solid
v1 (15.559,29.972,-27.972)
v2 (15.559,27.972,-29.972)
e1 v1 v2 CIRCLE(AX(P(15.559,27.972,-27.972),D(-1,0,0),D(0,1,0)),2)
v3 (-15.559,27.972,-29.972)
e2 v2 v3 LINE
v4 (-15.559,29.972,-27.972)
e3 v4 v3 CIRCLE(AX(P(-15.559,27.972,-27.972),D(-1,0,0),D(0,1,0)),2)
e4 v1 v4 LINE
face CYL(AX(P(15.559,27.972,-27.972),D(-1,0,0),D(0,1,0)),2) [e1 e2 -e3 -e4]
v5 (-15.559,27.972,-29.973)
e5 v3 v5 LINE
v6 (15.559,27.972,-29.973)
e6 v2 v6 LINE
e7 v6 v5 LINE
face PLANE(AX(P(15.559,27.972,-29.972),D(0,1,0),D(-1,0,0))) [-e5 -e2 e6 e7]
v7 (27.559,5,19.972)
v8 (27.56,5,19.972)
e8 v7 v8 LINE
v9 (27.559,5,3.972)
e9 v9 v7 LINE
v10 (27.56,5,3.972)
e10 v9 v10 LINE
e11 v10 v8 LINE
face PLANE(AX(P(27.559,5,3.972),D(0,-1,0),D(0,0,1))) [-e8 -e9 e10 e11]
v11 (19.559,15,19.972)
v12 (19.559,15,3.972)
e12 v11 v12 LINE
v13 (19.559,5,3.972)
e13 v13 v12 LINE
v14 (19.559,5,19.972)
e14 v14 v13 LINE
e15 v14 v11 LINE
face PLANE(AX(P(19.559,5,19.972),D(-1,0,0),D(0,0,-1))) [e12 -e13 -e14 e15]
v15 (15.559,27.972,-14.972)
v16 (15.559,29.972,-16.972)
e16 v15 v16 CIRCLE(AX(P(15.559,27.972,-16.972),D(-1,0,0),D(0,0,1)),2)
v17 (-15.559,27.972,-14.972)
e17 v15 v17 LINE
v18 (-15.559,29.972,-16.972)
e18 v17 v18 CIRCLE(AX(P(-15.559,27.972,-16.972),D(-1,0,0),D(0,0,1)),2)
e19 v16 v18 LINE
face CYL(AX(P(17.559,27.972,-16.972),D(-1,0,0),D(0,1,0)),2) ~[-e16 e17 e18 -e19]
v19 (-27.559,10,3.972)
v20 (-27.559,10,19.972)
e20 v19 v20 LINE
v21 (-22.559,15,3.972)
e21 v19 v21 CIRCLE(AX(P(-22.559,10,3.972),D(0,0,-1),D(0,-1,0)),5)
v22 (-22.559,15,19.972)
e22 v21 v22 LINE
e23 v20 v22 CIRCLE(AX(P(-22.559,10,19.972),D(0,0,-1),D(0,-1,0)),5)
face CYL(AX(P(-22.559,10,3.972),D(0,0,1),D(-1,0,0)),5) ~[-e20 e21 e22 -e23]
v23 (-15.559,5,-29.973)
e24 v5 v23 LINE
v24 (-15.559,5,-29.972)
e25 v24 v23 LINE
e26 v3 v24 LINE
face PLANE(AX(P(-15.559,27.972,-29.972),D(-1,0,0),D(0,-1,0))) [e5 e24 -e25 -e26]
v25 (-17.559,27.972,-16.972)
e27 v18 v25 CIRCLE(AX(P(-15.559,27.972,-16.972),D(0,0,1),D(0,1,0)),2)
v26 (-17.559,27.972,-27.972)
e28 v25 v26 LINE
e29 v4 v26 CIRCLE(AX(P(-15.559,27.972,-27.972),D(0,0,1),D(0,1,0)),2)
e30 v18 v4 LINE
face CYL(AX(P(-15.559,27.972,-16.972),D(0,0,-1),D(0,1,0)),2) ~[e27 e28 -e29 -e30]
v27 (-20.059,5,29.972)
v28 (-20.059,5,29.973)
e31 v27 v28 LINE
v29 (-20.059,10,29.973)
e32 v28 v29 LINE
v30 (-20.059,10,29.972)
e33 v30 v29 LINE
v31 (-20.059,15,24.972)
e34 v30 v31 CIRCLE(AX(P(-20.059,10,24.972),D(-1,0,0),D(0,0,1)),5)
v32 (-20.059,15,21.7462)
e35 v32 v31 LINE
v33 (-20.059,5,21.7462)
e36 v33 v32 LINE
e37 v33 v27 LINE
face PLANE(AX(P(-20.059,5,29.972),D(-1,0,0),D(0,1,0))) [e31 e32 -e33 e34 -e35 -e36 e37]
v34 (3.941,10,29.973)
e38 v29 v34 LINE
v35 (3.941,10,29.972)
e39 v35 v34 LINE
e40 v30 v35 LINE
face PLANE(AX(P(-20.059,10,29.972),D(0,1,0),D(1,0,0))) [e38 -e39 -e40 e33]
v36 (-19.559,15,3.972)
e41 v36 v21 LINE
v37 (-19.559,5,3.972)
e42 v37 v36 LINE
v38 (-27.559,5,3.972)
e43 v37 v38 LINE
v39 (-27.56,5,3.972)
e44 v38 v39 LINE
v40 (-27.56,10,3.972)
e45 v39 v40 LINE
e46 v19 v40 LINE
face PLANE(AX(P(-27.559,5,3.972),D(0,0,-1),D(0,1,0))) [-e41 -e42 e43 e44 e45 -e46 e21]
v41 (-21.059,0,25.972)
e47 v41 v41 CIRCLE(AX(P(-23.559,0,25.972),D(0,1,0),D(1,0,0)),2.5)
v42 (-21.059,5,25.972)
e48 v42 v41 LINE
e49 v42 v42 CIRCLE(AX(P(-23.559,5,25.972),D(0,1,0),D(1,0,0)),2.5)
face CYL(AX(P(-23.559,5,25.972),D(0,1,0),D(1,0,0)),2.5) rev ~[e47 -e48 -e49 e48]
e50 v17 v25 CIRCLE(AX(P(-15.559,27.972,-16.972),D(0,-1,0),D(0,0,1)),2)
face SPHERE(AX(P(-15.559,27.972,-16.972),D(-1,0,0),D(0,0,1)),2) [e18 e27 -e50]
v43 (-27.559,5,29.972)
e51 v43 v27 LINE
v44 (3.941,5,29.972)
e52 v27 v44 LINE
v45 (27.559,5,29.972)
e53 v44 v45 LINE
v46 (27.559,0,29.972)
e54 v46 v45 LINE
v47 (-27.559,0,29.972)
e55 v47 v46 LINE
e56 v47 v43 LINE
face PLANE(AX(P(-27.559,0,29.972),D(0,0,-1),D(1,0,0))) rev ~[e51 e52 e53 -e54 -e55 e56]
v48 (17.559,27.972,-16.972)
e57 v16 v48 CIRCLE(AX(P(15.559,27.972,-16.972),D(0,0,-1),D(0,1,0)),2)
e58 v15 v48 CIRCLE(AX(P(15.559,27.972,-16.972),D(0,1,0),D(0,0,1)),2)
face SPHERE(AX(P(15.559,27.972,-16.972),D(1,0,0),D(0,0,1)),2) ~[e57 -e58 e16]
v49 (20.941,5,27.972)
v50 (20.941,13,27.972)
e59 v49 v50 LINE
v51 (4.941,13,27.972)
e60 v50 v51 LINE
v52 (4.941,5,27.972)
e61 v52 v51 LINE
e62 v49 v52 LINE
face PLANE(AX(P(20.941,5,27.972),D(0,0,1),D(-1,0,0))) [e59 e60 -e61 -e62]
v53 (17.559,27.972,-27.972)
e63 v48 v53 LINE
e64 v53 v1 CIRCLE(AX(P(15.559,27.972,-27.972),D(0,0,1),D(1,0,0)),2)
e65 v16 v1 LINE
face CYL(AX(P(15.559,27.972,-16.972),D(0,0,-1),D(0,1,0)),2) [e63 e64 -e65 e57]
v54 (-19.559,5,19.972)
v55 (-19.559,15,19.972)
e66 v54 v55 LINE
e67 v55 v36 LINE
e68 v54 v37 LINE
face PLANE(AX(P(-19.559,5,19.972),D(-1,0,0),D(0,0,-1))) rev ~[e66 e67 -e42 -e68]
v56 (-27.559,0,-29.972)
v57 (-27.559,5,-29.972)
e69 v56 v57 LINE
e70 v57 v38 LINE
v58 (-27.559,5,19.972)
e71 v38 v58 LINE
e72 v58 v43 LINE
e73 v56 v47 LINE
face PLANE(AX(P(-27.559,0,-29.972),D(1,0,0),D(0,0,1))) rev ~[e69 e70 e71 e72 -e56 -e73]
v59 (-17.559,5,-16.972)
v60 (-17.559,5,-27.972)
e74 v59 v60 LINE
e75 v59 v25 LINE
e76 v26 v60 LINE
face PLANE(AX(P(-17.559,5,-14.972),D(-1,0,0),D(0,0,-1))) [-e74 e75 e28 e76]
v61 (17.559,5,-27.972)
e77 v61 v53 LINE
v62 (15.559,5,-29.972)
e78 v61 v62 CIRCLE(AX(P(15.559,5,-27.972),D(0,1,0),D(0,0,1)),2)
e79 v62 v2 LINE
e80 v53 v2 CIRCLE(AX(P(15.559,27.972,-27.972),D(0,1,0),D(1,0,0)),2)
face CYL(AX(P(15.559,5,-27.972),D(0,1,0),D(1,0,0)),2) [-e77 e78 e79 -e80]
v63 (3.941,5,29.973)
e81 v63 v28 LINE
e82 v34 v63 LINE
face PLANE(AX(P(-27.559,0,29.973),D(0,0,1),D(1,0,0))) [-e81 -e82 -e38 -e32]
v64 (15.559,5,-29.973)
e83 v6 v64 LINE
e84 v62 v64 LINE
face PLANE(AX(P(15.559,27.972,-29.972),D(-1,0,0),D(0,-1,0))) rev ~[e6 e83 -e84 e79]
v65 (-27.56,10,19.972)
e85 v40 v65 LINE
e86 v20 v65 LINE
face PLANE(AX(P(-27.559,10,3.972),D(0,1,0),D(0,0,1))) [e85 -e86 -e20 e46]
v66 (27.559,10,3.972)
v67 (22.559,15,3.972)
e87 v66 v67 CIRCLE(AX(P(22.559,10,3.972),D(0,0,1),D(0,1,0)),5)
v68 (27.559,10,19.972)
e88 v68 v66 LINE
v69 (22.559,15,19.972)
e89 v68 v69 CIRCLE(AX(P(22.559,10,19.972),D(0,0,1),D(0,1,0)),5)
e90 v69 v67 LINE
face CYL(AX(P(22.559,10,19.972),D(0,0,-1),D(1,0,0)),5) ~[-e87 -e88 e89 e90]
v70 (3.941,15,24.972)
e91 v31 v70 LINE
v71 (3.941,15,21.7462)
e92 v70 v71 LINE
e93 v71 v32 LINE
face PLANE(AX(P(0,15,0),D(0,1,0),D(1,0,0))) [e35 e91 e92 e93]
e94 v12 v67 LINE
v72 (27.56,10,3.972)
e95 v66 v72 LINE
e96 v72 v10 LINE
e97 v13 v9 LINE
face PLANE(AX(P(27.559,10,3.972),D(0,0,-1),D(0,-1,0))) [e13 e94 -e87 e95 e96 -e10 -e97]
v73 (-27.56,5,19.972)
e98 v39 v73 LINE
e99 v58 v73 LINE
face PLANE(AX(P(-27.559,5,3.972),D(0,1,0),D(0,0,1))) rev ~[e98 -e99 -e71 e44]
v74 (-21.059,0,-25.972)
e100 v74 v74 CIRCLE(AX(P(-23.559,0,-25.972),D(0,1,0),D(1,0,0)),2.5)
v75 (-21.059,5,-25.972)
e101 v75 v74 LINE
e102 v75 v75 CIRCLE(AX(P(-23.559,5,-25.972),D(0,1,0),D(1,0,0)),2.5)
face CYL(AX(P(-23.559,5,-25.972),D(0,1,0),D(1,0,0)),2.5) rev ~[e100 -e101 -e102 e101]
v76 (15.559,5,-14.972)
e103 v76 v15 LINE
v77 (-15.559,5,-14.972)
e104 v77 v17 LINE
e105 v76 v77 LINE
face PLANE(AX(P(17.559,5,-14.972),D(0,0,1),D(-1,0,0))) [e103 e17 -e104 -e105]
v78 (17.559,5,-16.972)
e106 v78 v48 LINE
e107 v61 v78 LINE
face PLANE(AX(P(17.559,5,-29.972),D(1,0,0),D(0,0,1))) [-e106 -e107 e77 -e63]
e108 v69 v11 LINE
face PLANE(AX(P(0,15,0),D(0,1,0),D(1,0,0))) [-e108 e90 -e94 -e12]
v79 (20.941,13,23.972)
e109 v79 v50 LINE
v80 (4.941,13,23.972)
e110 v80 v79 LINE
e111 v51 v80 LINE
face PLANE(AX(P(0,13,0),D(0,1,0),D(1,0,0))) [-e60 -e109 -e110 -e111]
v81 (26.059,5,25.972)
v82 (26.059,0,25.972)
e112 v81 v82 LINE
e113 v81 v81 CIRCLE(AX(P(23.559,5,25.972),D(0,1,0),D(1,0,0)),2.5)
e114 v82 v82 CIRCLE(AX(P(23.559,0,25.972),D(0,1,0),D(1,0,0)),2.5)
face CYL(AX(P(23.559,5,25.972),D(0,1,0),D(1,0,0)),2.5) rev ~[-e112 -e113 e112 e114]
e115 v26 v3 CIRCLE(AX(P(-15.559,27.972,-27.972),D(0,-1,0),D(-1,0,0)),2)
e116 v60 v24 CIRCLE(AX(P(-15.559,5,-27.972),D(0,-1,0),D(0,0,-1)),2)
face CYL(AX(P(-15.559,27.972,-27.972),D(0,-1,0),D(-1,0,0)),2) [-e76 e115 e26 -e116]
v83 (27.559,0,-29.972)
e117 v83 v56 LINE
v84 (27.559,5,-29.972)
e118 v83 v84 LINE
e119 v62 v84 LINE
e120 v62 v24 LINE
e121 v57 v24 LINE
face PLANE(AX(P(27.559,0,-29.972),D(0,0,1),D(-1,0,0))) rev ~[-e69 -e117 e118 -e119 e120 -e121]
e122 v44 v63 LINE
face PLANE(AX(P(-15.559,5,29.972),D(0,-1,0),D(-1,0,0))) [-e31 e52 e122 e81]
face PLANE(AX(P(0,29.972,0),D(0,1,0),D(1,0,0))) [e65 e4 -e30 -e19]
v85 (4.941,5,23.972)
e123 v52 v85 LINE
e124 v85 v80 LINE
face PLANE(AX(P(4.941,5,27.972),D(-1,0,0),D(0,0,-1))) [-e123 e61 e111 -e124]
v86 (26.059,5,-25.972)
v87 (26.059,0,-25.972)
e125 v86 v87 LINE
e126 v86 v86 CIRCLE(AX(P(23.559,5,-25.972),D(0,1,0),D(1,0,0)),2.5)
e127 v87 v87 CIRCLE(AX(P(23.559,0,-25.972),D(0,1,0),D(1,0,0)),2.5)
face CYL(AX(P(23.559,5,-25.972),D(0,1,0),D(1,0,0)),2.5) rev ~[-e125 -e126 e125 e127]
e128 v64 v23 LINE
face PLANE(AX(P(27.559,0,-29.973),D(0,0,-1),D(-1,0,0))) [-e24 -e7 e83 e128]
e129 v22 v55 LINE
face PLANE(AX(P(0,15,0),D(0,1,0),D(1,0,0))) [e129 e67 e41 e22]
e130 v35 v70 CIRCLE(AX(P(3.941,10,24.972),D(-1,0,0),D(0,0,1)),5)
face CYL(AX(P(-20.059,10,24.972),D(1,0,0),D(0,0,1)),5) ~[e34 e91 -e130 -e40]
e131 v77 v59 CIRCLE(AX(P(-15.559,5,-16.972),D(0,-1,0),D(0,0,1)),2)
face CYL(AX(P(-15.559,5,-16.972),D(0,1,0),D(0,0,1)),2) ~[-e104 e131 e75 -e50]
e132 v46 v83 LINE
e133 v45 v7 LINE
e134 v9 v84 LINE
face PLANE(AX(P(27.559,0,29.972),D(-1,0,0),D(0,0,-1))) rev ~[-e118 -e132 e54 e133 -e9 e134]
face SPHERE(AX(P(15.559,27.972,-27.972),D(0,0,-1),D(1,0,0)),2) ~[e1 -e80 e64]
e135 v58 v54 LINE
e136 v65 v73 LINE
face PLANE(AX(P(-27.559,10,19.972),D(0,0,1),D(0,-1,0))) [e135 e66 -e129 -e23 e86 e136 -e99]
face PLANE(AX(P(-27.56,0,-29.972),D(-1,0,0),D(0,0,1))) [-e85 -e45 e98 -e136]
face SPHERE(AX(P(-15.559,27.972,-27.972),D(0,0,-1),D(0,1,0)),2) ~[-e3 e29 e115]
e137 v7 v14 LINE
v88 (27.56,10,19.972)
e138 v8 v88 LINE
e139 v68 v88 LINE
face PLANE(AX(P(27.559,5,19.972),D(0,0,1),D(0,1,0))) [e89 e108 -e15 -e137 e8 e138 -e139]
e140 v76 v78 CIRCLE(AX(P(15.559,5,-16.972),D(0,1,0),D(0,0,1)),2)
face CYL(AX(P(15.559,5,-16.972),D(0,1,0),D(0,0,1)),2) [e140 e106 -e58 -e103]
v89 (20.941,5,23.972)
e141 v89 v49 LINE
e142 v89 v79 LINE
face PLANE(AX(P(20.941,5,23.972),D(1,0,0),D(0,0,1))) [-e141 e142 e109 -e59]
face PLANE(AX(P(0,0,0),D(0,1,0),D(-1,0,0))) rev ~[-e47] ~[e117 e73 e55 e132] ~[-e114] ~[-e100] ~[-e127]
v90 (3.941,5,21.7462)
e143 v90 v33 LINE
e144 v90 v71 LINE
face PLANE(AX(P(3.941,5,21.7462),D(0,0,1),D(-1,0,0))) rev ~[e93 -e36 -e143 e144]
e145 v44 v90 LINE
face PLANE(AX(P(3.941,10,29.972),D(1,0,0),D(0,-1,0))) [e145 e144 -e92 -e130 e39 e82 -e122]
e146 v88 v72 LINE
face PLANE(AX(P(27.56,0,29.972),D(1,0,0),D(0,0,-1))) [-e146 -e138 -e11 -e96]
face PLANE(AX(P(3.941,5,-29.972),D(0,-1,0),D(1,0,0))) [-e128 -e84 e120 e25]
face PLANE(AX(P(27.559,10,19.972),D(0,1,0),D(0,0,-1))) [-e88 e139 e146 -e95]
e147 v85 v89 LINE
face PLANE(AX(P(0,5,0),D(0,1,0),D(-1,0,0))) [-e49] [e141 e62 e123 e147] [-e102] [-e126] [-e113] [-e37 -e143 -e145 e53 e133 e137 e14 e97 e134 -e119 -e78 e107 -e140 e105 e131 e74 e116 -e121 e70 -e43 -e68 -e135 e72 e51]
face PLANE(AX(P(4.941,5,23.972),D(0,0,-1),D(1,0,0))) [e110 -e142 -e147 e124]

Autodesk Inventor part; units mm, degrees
ref_plane "YZ Plane" through (0, 0, 0) normal (1, 0, 0) x (0, 1, 0)
ref_plane "XZ Plane" through (0, 0, 0) normal (0, 1, 0) x (-1, 0, 0)
ref_plane "XY Plane" through (0, 0, 0) normal (0, 0, 1) x (1, 0, 0)
sketch "Boceto1" plane through (0, 0, 0) normal (0, 1, 0) x (-1, 0, 0)
  line L0 (27.559, 29.972) -> (-27.559, 29.972)
  line L1 (-27.559, 29.972) -> (-27.559, -29.972)
  line L2 (-27.559, -29.972) -> (27.559, -29.972)
  line L3 (27.559, -29.972) -> (27.559, 29.972)
  point P0 (0, 0)
  point P1 (0, -29.972)
  point P2 (0, 29.972)
  dimension "d0" = 59.944
  dimension "d1" = 55.118
  dimension "d44" = 29.972
  dimension "d45" = 27.559
extrude "Extrusión1" add sketch "Boceto1" along normal blind 5
sketch "Boceto2" plane through (0, 5, 0) normal (0, 1, 0) x (1, 0, 0)
  line L0 (27.559, 29.972) -> (-27.559, 29.972) projected
  line L1 (-17.559, 29.972) -> (17.559, 29.972)
  line L2 (17.559, 29.972) -> (17.559, 14.972)
  line L3 (17.559, 14.972) -> (-17.559, 14.972)
  line L4 (-17.559, 14.972) -> (-17.559, 29.972)
  line L5 (-27.559, 29.972) -> (-27.559, -29.972) projected
  line L6 (27.559, -29.972) -> (27.559, 29.972) projected
  point P0 (0, 0)
  point P1 (17.559, 22.472)
  point P2 (17.559, 29.972)
  dimension "d4" = 10
  dimension "d5" = 10
  dimension "d6" = 15
extrude "Extrusión2" add sketch "Boceto2" along normal blind 24.972
sketch "Boceto3" plane through (0, 5, 0) normal (0, 1, 0) x (1, 0, 0)
  line L0 (-27.559, -29.972) -> (27.559, -29.972) projected
  line L1 (-20.059, -29.972) -> (3.941, -29.972)
  line L2 (3.941, -29.972) -> (3.941, -21.7462)
  line L3 (3.941, -21.7462) -> (-20.059, -21.7462)
  line L4 (-20.059, -21.7462) -> (-20.059, -29.972)
  line L5 (-27.559, 29.972) -> (-27.559, -29.972) projected
  line L6 (-27.559, -19.972) -> (-19.559, -19.972)
  line L7 (-19.559, -19.972) -> (-19.559, -3.972)
  line L8 (-19.559, -3.972) -> (-27.559, -3.972)
  line L9 (-27.559, -3.972) -> (-27.559, -19.972)
  line L10 (27.559, -29.972) -> (27.559, 29.972) projected
  line L11 (27.559, -19.972) -> (19.559, -19.972)
  line L12 (19.559, -19.972) -> (19.559, -3.972)
  line L13 (19.559, -3.972) -> (27.559, -3.972)
  line L14 (27.559, -3.972) -> (27.559, -19.972)
  point P0 (0, 0)
  point P1 (-23.559, -19.972)
  point P2 (-20.059, -25.8591)
  point P3 (23.559, -19.972)
  point P4 (3.941, -29.972)
  dimension "d9" = 10
  dimension "d10" = 7.5
  dimension "d11" = 8
  dimension "d12" = 16
  dimension "d13" = 10
  dimension "d14" = 8
  dimension "d15" = 24
extrude "Extrusión3" add sketch "Boceto3" along normal blind 10
sketch "Boceto4" plane through (0, 5, 0) normal (0, 1, 0) x (1, 0, 0)
  line L0 (4.941, -23.972) -> (20.941, -23.972)
  line L1 (20.941, -23.972) -> (20.941, -27.972)
  line L2 (20.941, -27.972) -> (4.941, -27.972)
  line L3 (4.941, -27.972) -> (4.941, -23.972)
  line L4 (3.941, -29.972) -> (27.559, -29.972) projected
  line L5 (3.941, -29.972) -> (3.941, -21.7462) projected
  point P0 (0, 0)
  point P1 (20.941, -25.972)
  point P2 (4.941, -25.972)
  point P3 (3.941, -25.8591)
  dimension "d18" = 2
  dimension "d19" = 4
  dimension "d20" = 16
  dimension "d21" = 1
extrude "Extrusión4" add sketch "Boceto4" along normal blind 8
fillet "Empalme1" radius 2 1 edges at (0, 29.972, -14.972)
fillet "Empalme2" radius 2 3 edges at (-17.559, 16.486, -14.972) (-17.559, 29.3862, -15.5578) (-17.559, 29.972, -23.472)
fillet "Empalme3" radius 2 3 edges at (17.559, 16.486, -14.972) (17.559, 29.3862, -15.5578) (17.559, 29.972, -23.472)
fillet "Empalme4" radius 2 5 edges at (0, 29.972, -29.972) (-16.9732, 29.3862, -29.972) (-17.559, 16.486, -29.972) (16.9732, 29.3862, -29.972) (17.559, 16.486, -29.972)
fillet "Empalme5" radius 5 1 edges at (-27.559, 15, 11.972)
fillet "Empalme6" radius 5 1 edges at (-8.059, 15, 29.972)
fillet "Empalme7" radius 5 1 edges at (27.559, 15, 11.972)
sketch "Boceto6" plane through (27.559, 0, -29.972) normal (0, 0, -1) x (-1, 0, 0)
  line L0 (12, 27.972) -> (12, 5) projected
  line L1 (47.618, 5) -> (23.618, 5) projected
  line L2 (12, 27.972) -> (43.118, 27.972)
  line L3 (43.118, 27.972) -> (43.118, 5)
  line L4 (43.118, 5) -> (12, 5)
  line L5 (12, 5) -> (12, 27.972)
  line L6 (43.118, 27.972) -> (43.118, 5) projected
  point P0 (27.559, 0)
  point P1 (12, 5)
  dimension "d31" = 0
extrude "Extrusión5" add sketch "Boceto6" along normal blind 0.001
sketch "Boceto7" plane through (-27.559, 0, -29.972) normal (-1, 0, 0) x (0, 0, 1)
  line L0 (33.944, 5) -> (33.944, 15) projected
  line L1 (33.944, 5) -> (49.944, 5) projected
  line L2 (33.944, 10) -> (49.944, 10)
  line L3 (49.944, 10) -> (49.944, 5)
  line L4 (49.944, 5) -> (33.944, 5)
  line L5 (33.944, 5) -> (33.944, 10)
  point P0 (29.972, 0)
extrude "Extrusión6" add sketch "Boceto7" along normal blind 0.001
sketch "Boceto8" plane through (-27.559, 0, 29.972) normal (0, 0, 1) x (1, 0, 0)
  line L0 (7.5, 5) -> (7.5, 15) projected
  line L1 (43.118, 5) -> (12, 5) projected
  line L2 (7.5, 10) -> (31.5, 10)
  line L3 (31.5, 10) -> (31.5, 5)
  line L4 (31.5, 5) -> (7.5, 5)
  line L5 (7.5, 5) -> (7.5, 10)
  line L6 (31.5, 5) -> (31.5, 10) projected
  point P0 (27.559, 0)
  point P1 (12, 5)
  dimension "d36" = 0
extrude "Extrusión7" add sketch "Boceto8" along normal blind 0.001
sketch "Boceto9" plane through (27.559, 0, 29.972) normal (1, 0, 0) x (0, 0, -1)
  line L0 (10, 5) -> (10, 15) projected
  line L1 (26, 5) -> (10, 5) projected
  line L2 (10, 10) -> (26, 10)
  line L3 (26, 10) -> (26, 5)
  line L4 (26, 5) -> (10, 5)
  line L5 (10, 5) -> (10, 10)
  point P0 (29.972, 0)
extrude "Extrusión8" add sketch "Boceto9" along normal blind 0.001
sketch "Boceto10" plane through (0, 5, 0) normal (0, 1, 0) x (1, 0, 0)
  circle A0 centre (-23.559, 25.972) radius 2.5
  line L0 (-27.559, 29.972) -> (-27.559, -3.972) projected
  line L1 (-15.559, 29.972) -> (-27.559, 29.972) projected
  line L2 (0, 36.742) -> (0, -44.1649)
  line L3 (-51.3406, 0) -> (46.1301, 0)
  circle A1 centre (23.559, 25.972) radius 2.5
  circle A2 centre (-23.559, -25.972) radius 2.5
  line L4 (-27.559, -29.972) -> (-27.559, 3.972)
  circle A3 centre (23.559, -25.972) radius 2.5
  point P0 (0, 0)
  point P1 (27.559, 29.972)
  dimension "d41" = 5
  dimension "d42" = 4
  dimension "d43" = 4
extrude "Extrusión9" cut sketch "Boceto10" against normal blind 5
properties part number "Puente H"
